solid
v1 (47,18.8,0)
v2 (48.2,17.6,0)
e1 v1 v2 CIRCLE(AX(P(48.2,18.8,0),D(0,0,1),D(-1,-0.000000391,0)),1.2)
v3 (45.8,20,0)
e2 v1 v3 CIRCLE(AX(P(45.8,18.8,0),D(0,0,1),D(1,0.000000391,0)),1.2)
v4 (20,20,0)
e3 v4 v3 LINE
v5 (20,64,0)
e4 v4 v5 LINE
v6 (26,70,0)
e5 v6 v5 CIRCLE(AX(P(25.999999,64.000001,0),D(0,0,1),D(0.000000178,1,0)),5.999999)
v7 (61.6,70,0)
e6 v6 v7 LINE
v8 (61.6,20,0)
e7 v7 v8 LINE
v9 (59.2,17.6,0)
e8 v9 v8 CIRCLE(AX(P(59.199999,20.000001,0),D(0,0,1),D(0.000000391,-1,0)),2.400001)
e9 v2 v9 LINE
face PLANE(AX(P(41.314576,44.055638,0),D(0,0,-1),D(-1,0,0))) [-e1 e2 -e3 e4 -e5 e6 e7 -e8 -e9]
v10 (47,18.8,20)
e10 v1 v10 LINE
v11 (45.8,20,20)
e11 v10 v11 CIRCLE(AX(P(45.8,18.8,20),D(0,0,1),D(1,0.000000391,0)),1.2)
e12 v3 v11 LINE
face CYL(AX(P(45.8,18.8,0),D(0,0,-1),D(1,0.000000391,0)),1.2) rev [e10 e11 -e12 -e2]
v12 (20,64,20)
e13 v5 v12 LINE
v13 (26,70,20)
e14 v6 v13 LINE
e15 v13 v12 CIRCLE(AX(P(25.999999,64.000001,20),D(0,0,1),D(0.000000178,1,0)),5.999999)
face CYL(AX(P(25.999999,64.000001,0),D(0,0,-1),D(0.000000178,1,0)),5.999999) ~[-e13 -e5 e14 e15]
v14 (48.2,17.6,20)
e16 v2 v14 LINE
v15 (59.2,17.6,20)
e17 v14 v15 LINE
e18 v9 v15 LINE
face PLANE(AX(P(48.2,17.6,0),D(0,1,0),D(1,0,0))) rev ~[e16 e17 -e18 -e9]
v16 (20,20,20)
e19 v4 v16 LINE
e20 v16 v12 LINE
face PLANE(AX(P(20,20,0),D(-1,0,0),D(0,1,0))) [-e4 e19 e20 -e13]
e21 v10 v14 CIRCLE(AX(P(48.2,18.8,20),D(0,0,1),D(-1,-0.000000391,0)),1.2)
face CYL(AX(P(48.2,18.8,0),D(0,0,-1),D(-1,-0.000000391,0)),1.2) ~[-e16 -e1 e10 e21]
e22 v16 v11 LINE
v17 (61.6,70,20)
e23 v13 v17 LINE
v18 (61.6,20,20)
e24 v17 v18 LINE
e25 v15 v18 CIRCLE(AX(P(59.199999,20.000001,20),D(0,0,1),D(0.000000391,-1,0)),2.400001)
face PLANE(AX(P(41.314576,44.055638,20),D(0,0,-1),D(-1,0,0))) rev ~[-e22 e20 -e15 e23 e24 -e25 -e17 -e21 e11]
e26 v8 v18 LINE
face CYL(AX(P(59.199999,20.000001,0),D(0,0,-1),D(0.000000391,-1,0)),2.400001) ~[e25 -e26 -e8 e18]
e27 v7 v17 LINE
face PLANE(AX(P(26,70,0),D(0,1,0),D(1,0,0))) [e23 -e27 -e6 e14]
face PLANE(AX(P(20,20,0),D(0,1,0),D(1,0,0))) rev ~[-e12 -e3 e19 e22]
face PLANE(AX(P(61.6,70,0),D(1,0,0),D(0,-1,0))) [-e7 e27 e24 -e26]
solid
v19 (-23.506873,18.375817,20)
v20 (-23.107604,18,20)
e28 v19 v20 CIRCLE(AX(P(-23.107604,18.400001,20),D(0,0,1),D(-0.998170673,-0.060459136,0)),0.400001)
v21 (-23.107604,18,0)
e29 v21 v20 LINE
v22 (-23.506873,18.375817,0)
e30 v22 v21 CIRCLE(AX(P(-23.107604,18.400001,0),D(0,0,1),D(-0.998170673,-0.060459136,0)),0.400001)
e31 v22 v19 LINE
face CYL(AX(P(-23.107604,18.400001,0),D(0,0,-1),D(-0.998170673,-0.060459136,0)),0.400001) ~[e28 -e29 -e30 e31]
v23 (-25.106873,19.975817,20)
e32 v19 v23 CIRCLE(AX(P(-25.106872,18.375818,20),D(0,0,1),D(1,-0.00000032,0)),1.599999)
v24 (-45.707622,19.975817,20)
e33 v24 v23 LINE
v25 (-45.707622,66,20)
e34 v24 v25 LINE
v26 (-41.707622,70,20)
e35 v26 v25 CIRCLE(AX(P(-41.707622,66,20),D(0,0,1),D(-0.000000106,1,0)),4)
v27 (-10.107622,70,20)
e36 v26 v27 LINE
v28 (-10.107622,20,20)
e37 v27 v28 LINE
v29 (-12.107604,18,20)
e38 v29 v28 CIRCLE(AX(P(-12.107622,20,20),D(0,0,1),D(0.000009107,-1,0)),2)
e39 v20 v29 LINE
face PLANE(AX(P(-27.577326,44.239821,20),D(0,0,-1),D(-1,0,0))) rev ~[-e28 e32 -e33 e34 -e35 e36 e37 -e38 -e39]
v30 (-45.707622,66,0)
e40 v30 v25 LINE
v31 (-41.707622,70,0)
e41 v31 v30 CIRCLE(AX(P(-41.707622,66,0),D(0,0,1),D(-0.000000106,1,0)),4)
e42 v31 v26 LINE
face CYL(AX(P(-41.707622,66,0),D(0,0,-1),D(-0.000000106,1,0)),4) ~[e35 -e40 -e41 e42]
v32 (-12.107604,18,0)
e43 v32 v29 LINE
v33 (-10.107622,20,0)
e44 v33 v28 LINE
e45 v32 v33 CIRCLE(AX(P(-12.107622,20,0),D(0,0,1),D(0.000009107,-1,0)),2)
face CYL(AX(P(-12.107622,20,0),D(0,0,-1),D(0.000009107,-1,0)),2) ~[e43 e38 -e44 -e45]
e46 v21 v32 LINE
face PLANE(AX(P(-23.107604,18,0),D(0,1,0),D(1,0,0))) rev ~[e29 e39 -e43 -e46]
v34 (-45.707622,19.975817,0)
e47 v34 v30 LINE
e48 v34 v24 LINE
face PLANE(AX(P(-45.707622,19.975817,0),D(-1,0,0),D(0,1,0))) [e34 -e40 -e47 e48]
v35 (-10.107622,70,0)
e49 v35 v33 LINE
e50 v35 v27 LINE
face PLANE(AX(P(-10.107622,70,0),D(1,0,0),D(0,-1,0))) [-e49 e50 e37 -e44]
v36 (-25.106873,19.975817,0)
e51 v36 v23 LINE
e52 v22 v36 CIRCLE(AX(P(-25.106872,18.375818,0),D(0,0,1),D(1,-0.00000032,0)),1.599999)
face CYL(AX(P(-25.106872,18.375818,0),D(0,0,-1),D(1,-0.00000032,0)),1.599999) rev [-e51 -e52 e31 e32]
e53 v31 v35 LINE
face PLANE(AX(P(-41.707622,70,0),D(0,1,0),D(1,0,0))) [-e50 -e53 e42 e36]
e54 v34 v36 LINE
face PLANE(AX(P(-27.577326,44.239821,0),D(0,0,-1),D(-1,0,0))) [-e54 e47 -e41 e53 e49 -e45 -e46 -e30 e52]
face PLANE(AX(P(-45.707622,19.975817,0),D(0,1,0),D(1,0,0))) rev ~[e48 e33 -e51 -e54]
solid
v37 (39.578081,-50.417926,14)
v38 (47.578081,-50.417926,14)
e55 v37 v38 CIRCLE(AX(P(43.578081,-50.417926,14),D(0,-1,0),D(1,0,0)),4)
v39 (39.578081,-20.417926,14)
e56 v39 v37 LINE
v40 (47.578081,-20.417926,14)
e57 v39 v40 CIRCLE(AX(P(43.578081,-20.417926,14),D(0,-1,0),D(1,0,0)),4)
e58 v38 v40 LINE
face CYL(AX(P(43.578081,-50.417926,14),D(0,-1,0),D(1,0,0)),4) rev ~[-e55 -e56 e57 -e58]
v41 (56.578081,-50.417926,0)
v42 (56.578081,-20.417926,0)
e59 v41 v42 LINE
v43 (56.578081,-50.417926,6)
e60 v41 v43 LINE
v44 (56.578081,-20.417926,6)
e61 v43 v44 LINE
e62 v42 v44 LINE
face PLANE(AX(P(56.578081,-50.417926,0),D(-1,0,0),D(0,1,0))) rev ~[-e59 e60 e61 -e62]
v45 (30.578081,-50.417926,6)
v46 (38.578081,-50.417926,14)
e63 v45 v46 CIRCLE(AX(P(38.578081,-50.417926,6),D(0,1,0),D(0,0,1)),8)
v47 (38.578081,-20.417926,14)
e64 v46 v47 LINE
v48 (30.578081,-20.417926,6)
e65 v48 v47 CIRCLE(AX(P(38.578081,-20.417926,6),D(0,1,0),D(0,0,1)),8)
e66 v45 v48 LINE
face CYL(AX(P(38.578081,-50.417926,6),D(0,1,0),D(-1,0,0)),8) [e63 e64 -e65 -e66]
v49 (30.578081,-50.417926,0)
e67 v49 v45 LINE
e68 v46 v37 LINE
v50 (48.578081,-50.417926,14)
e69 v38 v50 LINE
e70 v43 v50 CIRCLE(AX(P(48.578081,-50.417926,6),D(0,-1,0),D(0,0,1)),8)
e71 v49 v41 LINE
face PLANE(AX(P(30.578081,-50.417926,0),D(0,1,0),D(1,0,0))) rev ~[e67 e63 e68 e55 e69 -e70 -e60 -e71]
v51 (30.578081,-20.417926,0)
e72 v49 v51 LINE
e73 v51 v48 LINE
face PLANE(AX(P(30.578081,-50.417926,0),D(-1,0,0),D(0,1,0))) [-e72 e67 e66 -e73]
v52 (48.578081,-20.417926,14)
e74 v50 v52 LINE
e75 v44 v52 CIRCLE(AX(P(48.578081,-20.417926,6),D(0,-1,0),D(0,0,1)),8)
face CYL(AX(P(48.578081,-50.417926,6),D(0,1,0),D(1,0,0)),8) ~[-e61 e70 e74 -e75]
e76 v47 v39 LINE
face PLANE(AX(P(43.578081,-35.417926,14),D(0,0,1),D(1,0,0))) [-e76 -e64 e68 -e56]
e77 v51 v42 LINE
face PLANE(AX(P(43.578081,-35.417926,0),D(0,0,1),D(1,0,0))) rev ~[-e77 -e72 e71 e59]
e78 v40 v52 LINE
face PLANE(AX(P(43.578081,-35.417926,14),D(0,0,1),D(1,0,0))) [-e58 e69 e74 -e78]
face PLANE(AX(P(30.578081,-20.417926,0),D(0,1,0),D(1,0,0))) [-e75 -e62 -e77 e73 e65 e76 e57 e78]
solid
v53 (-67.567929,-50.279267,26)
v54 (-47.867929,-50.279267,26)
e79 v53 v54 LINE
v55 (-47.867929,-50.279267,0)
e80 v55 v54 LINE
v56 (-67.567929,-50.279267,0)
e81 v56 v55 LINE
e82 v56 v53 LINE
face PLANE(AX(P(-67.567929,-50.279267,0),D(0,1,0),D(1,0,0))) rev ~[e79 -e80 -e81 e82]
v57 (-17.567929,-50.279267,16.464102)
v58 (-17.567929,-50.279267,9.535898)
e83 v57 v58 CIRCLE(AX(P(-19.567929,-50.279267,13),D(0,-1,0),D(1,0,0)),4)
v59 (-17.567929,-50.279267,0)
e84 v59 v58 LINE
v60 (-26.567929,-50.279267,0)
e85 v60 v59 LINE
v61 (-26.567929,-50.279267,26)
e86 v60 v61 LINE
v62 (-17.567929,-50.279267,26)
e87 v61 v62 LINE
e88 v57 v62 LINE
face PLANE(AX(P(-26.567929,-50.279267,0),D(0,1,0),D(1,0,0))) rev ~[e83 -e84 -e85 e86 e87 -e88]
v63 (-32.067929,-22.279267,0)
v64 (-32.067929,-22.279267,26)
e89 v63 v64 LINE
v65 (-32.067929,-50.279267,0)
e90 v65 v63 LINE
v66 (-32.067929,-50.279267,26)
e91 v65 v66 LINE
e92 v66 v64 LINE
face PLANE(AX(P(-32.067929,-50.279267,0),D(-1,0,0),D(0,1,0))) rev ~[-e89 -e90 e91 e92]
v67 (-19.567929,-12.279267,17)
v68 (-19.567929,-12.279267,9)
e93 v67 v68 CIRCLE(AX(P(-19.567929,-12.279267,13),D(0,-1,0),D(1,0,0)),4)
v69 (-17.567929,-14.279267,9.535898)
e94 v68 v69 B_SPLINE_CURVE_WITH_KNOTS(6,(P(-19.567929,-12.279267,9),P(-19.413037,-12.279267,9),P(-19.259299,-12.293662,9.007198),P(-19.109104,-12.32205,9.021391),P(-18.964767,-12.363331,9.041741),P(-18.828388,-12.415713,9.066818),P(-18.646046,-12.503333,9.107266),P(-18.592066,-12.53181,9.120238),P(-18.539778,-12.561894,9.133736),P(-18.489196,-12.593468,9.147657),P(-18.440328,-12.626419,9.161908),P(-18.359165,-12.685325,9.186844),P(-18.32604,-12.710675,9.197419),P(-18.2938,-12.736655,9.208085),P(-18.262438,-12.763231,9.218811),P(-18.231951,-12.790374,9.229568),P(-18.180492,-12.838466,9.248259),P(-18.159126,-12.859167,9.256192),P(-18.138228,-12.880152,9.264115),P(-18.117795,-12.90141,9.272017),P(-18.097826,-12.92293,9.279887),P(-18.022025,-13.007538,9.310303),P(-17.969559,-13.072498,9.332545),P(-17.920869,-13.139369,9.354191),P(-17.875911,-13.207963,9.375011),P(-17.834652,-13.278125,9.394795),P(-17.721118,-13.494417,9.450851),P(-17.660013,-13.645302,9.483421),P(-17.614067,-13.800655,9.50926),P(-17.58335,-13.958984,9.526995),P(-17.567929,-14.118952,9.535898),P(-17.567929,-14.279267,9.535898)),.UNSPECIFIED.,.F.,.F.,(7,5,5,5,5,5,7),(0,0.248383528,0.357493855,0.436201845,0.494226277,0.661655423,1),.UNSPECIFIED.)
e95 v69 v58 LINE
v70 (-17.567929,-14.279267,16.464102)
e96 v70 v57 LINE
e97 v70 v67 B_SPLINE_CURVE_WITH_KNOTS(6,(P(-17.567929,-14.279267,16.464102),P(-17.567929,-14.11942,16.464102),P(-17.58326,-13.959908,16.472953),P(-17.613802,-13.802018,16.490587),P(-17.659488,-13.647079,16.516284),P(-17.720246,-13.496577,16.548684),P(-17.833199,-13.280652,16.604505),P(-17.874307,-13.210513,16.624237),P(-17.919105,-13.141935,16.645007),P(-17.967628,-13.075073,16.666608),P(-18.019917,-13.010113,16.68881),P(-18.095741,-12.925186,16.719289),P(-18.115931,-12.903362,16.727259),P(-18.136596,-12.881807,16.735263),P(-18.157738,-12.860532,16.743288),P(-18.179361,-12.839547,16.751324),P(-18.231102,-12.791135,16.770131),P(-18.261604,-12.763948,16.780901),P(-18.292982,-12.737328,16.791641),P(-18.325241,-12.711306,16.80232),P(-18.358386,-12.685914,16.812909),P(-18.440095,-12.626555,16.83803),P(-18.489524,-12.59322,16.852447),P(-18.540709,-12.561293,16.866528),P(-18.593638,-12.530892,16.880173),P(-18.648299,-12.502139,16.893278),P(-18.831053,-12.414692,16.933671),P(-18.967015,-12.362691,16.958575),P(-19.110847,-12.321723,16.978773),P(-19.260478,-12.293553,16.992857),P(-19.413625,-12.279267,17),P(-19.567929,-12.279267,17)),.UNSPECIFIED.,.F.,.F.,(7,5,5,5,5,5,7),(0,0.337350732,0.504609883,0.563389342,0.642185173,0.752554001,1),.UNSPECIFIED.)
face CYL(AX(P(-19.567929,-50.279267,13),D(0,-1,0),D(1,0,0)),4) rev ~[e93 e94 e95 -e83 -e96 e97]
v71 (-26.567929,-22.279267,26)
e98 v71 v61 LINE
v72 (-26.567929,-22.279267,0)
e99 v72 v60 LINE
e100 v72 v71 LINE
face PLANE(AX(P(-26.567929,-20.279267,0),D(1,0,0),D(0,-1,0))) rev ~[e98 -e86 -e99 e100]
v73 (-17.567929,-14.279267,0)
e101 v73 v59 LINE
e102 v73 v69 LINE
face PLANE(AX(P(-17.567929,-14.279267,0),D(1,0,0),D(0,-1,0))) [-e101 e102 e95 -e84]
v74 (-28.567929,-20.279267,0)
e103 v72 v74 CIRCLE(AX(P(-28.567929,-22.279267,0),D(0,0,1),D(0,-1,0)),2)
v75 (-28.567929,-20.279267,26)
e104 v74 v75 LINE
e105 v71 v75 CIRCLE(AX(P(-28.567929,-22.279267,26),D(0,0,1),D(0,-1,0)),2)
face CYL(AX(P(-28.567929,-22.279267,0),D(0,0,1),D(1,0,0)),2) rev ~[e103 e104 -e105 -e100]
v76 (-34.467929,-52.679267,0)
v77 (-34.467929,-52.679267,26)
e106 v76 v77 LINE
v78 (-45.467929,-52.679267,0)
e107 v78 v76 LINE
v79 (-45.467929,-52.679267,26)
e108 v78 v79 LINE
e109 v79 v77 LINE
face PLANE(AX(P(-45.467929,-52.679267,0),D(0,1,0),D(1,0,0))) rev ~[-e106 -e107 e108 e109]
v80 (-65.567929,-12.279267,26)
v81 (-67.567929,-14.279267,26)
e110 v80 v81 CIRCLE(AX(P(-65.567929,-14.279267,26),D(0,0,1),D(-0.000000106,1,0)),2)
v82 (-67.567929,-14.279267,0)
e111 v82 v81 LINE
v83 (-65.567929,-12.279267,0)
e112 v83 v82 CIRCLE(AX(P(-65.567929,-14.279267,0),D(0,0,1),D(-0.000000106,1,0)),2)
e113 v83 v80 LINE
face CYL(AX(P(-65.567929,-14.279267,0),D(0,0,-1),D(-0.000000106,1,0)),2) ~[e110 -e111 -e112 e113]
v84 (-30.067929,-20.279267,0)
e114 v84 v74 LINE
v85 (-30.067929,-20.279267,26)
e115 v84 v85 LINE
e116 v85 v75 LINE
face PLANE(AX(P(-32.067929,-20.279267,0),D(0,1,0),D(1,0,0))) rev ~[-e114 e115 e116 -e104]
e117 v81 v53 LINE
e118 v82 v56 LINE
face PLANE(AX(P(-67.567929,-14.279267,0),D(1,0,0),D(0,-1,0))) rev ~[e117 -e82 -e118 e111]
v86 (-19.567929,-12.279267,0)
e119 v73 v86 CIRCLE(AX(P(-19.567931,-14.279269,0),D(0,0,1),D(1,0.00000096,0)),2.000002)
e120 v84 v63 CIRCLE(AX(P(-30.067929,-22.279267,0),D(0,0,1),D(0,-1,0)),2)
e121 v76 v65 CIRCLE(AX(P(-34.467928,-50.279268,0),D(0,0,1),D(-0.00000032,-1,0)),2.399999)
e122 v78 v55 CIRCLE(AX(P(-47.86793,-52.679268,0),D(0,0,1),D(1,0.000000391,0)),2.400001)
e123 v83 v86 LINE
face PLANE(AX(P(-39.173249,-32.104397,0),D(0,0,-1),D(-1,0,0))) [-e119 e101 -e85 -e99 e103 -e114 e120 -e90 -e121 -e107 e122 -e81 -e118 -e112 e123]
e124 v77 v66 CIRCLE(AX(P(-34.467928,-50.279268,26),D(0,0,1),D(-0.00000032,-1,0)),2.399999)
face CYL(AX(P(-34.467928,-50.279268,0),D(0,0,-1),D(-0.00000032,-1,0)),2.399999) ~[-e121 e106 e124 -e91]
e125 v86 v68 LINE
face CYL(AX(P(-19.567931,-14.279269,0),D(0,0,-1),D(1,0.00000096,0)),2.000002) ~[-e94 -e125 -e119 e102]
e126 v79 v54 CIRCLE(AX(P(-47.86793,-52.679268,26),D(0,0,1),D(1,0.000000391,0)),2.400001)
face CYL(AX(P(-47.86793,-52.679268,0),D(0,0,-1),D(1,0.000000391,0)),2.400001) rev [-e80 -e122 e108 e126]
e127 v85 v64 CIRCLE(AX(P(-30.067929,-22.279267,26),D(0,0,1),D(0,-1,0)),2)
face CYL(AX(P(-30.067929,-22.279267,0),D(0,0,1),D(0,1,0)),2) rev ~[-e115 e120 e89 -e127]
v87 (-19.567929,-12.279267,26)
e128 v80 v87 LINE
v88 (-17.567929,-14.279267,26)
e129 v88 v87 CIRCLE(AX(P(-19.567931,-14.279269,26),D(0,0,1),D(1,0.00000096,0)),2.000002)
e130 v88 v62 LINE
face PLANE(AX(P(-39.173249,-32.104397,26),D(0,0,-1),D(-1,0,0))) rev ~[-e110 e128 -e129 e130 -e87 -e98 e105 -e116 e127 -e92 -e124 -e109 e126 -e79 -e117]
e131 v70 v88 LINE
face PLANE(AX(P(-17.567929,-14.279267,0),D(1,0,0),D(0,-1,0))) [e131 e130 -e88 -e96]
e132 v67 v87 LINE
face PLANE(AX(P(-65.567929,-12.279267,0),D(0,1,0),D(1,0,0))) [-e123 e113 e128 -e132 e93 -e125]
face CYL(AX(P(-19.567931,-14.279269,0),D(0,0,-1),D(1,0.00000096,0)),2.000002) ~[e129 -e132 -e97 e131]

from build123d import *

# Parameters (mm, degrees)
PAD_DEPTH       = 20
PAD001_DEPTH    = 20
PAD002_DEPTH    = 26
SKETCH003_R     = 4
POCKET_DEPTH    = 38
FILLET_R        = 2
SKETCH004_W     = 26
SKETCH004_H     = 30
PAD003_DEPTH    = 14
SKETCH005_R     = 4
POCKET001_DEPTH = 30
FILLET001_R     = 8


with BuildPart() as body:
    # Sketch → Pad (new body)
    with BuildSketch(Plane.XY):
        with BuildLine():
            Line((26, 70), (61.6, 70))
            Line((61.6, 70), (61.6, 20))
            ThreePointArc((59.2, 17.6), (60.897056, 18.302944), (61.6, 20))
            Line((48.2, 17.6), (59.2, 17.6))
            ThreePointArc((47, 18.8), (47.351472, 17.951472), (48.2, 17.6))
            ThreePointArc((47, 18.8), (46.648528, 19.648528), (45.8, 20))
            Line((20, 20), (45.8, 20))
            Line((20, 20), (20, 64))
            ThreePointArc((26, 70), (21.757359, 68.242641), (20, 64))
        make_face()
    extrude(amount=PAD_DEPTH)


with BuildPart() as body001:
    # Sketch001 → Pad001 (new body)
    with BuildSketch(Plane.XY):
        with BuildLine():
            Line((-41.707622, 70), (-10.107622, 70))
            Line((-10.107622, 70), (-10.107622, 20))
            ThreePointArc((-12.107604, 18), (-10.693402, 18.585793), (-10.107622, 20))
            Line((-23.107604, 18), (-12.107604, 18))
            ThreePointArc((-23.506873, 18.375817), (-23.381764, 18.108733), (-23.107604, 18))
            ThreePointArc((-23.506873, 18.375817), (-23.975502, 19.507188), (-25.106873, 19.975817))
            Line((-45.707622, 19.975817), (-25.106873, 19.975817))
            Line((-45.707622, 19.975817), (-45.707622, 66))
            ThreePointArc((-41.707622, 70), (-44.536049, 68.828427), (-45.707622, 66))
        make_face()
    extrude(amount=PAD001_DEPTH)


with BuildPart() as body002:
    # Sketch002 → Pad002 (new body)
    with BuildSketch(Plane.XY):
        with BuildLine():
            Line((-65.567929, -12.279267), (-19.567929, -12.279267))
            ThreePointArc((-17.567929, -14.279267), (-18.153716, -12.865054), (-19.567929, -12.279267))
            Line((-17.567929, -14.279267), (-17.567929, -50.279267))
            Line((-26.567929, -50.279267), (-17.567929, -50.279267))
            Line((-26.567929, -20.279267), (-26.567929, -50.279267))
            Line((-32.067929, -20.279267), (-26.567929, -20.279267))
            Line((-32.067929, -50.279267), (-32.067929, -20.279267))
            ThreePointArc((-34.467929, -52.679267), (-32.770873, -51.976324), (-32.067929, -50.279267))
            Line((-45.467929, -52.679267), (-34.467929, -52.679267))
            ThreePointArc((-45.467929, -52.679267), (-46.170873, -50.982211), (-47.867929, -50.279267))
            Line((-67.567929, -50.279267), (-47.867929, -50.279267))
            Line((-67.567929, -14.279267), (-67.567929, -50.279267))
            ThreePointArc((-65.567929, -12.279267), (-66.982143, -12.865054), (-67.567929, -14.279267))
        make_face()
    extrude(amount=PAD002_DEPTH)

    # Sketch003 (on Face5 of Pad002) → Pocket (cut)
    with BuildSketch(Plane.XZ.offset(50.279267)):
        with Locations((-19.567929, 13)):
            Circle(SKETCH003_R)
    extrude(amount=-POCKET_DEPTH, mode=Mode.SUBTRACT)

    # Fillet
    fillet_edges = [body002.edges().sort_by_distance(p)[0] for p in [
        (-32.067929, -20.279267, 13),
        (-26.567929, -20.279267, 13),
    ]]
    fillet(fillet_edges, radius=FILLET_R)


with BuildPart() as body003:
    # Sketch004 → Pad003 (new body)
    with BuildSketch(Plane.XY):
        with Locations((43.578081, -35.417926)):
            Rectangle(SKETCH004_W, SKETCH004_H)
    extrude(amount=PAD003_DEPTH)

    # Sketch005 (on Face2 of Pad003) → Pocket001 (cut)
    with BuildSketch(Plane.XZ.offset(50.417926)):
        with Locations((43.578081, 14)):
            Circle(SKETCH005_R)
    extrude(amount=-POCKET001_DEPTH, mode=Mode.SUBTRACT)

    # Fillet001
    fillet001_edges = [body003.edges().sort_by_distance(p)[0] for p in [
        (56.578081, -35.417926, 14),
        (30.578081, -35.417926, 14),
    ]]
    fillet(fillet001_edges, radius=FILLET001_R)


solid = Compound([body.part, body001.part, body002.part, body003.part])
